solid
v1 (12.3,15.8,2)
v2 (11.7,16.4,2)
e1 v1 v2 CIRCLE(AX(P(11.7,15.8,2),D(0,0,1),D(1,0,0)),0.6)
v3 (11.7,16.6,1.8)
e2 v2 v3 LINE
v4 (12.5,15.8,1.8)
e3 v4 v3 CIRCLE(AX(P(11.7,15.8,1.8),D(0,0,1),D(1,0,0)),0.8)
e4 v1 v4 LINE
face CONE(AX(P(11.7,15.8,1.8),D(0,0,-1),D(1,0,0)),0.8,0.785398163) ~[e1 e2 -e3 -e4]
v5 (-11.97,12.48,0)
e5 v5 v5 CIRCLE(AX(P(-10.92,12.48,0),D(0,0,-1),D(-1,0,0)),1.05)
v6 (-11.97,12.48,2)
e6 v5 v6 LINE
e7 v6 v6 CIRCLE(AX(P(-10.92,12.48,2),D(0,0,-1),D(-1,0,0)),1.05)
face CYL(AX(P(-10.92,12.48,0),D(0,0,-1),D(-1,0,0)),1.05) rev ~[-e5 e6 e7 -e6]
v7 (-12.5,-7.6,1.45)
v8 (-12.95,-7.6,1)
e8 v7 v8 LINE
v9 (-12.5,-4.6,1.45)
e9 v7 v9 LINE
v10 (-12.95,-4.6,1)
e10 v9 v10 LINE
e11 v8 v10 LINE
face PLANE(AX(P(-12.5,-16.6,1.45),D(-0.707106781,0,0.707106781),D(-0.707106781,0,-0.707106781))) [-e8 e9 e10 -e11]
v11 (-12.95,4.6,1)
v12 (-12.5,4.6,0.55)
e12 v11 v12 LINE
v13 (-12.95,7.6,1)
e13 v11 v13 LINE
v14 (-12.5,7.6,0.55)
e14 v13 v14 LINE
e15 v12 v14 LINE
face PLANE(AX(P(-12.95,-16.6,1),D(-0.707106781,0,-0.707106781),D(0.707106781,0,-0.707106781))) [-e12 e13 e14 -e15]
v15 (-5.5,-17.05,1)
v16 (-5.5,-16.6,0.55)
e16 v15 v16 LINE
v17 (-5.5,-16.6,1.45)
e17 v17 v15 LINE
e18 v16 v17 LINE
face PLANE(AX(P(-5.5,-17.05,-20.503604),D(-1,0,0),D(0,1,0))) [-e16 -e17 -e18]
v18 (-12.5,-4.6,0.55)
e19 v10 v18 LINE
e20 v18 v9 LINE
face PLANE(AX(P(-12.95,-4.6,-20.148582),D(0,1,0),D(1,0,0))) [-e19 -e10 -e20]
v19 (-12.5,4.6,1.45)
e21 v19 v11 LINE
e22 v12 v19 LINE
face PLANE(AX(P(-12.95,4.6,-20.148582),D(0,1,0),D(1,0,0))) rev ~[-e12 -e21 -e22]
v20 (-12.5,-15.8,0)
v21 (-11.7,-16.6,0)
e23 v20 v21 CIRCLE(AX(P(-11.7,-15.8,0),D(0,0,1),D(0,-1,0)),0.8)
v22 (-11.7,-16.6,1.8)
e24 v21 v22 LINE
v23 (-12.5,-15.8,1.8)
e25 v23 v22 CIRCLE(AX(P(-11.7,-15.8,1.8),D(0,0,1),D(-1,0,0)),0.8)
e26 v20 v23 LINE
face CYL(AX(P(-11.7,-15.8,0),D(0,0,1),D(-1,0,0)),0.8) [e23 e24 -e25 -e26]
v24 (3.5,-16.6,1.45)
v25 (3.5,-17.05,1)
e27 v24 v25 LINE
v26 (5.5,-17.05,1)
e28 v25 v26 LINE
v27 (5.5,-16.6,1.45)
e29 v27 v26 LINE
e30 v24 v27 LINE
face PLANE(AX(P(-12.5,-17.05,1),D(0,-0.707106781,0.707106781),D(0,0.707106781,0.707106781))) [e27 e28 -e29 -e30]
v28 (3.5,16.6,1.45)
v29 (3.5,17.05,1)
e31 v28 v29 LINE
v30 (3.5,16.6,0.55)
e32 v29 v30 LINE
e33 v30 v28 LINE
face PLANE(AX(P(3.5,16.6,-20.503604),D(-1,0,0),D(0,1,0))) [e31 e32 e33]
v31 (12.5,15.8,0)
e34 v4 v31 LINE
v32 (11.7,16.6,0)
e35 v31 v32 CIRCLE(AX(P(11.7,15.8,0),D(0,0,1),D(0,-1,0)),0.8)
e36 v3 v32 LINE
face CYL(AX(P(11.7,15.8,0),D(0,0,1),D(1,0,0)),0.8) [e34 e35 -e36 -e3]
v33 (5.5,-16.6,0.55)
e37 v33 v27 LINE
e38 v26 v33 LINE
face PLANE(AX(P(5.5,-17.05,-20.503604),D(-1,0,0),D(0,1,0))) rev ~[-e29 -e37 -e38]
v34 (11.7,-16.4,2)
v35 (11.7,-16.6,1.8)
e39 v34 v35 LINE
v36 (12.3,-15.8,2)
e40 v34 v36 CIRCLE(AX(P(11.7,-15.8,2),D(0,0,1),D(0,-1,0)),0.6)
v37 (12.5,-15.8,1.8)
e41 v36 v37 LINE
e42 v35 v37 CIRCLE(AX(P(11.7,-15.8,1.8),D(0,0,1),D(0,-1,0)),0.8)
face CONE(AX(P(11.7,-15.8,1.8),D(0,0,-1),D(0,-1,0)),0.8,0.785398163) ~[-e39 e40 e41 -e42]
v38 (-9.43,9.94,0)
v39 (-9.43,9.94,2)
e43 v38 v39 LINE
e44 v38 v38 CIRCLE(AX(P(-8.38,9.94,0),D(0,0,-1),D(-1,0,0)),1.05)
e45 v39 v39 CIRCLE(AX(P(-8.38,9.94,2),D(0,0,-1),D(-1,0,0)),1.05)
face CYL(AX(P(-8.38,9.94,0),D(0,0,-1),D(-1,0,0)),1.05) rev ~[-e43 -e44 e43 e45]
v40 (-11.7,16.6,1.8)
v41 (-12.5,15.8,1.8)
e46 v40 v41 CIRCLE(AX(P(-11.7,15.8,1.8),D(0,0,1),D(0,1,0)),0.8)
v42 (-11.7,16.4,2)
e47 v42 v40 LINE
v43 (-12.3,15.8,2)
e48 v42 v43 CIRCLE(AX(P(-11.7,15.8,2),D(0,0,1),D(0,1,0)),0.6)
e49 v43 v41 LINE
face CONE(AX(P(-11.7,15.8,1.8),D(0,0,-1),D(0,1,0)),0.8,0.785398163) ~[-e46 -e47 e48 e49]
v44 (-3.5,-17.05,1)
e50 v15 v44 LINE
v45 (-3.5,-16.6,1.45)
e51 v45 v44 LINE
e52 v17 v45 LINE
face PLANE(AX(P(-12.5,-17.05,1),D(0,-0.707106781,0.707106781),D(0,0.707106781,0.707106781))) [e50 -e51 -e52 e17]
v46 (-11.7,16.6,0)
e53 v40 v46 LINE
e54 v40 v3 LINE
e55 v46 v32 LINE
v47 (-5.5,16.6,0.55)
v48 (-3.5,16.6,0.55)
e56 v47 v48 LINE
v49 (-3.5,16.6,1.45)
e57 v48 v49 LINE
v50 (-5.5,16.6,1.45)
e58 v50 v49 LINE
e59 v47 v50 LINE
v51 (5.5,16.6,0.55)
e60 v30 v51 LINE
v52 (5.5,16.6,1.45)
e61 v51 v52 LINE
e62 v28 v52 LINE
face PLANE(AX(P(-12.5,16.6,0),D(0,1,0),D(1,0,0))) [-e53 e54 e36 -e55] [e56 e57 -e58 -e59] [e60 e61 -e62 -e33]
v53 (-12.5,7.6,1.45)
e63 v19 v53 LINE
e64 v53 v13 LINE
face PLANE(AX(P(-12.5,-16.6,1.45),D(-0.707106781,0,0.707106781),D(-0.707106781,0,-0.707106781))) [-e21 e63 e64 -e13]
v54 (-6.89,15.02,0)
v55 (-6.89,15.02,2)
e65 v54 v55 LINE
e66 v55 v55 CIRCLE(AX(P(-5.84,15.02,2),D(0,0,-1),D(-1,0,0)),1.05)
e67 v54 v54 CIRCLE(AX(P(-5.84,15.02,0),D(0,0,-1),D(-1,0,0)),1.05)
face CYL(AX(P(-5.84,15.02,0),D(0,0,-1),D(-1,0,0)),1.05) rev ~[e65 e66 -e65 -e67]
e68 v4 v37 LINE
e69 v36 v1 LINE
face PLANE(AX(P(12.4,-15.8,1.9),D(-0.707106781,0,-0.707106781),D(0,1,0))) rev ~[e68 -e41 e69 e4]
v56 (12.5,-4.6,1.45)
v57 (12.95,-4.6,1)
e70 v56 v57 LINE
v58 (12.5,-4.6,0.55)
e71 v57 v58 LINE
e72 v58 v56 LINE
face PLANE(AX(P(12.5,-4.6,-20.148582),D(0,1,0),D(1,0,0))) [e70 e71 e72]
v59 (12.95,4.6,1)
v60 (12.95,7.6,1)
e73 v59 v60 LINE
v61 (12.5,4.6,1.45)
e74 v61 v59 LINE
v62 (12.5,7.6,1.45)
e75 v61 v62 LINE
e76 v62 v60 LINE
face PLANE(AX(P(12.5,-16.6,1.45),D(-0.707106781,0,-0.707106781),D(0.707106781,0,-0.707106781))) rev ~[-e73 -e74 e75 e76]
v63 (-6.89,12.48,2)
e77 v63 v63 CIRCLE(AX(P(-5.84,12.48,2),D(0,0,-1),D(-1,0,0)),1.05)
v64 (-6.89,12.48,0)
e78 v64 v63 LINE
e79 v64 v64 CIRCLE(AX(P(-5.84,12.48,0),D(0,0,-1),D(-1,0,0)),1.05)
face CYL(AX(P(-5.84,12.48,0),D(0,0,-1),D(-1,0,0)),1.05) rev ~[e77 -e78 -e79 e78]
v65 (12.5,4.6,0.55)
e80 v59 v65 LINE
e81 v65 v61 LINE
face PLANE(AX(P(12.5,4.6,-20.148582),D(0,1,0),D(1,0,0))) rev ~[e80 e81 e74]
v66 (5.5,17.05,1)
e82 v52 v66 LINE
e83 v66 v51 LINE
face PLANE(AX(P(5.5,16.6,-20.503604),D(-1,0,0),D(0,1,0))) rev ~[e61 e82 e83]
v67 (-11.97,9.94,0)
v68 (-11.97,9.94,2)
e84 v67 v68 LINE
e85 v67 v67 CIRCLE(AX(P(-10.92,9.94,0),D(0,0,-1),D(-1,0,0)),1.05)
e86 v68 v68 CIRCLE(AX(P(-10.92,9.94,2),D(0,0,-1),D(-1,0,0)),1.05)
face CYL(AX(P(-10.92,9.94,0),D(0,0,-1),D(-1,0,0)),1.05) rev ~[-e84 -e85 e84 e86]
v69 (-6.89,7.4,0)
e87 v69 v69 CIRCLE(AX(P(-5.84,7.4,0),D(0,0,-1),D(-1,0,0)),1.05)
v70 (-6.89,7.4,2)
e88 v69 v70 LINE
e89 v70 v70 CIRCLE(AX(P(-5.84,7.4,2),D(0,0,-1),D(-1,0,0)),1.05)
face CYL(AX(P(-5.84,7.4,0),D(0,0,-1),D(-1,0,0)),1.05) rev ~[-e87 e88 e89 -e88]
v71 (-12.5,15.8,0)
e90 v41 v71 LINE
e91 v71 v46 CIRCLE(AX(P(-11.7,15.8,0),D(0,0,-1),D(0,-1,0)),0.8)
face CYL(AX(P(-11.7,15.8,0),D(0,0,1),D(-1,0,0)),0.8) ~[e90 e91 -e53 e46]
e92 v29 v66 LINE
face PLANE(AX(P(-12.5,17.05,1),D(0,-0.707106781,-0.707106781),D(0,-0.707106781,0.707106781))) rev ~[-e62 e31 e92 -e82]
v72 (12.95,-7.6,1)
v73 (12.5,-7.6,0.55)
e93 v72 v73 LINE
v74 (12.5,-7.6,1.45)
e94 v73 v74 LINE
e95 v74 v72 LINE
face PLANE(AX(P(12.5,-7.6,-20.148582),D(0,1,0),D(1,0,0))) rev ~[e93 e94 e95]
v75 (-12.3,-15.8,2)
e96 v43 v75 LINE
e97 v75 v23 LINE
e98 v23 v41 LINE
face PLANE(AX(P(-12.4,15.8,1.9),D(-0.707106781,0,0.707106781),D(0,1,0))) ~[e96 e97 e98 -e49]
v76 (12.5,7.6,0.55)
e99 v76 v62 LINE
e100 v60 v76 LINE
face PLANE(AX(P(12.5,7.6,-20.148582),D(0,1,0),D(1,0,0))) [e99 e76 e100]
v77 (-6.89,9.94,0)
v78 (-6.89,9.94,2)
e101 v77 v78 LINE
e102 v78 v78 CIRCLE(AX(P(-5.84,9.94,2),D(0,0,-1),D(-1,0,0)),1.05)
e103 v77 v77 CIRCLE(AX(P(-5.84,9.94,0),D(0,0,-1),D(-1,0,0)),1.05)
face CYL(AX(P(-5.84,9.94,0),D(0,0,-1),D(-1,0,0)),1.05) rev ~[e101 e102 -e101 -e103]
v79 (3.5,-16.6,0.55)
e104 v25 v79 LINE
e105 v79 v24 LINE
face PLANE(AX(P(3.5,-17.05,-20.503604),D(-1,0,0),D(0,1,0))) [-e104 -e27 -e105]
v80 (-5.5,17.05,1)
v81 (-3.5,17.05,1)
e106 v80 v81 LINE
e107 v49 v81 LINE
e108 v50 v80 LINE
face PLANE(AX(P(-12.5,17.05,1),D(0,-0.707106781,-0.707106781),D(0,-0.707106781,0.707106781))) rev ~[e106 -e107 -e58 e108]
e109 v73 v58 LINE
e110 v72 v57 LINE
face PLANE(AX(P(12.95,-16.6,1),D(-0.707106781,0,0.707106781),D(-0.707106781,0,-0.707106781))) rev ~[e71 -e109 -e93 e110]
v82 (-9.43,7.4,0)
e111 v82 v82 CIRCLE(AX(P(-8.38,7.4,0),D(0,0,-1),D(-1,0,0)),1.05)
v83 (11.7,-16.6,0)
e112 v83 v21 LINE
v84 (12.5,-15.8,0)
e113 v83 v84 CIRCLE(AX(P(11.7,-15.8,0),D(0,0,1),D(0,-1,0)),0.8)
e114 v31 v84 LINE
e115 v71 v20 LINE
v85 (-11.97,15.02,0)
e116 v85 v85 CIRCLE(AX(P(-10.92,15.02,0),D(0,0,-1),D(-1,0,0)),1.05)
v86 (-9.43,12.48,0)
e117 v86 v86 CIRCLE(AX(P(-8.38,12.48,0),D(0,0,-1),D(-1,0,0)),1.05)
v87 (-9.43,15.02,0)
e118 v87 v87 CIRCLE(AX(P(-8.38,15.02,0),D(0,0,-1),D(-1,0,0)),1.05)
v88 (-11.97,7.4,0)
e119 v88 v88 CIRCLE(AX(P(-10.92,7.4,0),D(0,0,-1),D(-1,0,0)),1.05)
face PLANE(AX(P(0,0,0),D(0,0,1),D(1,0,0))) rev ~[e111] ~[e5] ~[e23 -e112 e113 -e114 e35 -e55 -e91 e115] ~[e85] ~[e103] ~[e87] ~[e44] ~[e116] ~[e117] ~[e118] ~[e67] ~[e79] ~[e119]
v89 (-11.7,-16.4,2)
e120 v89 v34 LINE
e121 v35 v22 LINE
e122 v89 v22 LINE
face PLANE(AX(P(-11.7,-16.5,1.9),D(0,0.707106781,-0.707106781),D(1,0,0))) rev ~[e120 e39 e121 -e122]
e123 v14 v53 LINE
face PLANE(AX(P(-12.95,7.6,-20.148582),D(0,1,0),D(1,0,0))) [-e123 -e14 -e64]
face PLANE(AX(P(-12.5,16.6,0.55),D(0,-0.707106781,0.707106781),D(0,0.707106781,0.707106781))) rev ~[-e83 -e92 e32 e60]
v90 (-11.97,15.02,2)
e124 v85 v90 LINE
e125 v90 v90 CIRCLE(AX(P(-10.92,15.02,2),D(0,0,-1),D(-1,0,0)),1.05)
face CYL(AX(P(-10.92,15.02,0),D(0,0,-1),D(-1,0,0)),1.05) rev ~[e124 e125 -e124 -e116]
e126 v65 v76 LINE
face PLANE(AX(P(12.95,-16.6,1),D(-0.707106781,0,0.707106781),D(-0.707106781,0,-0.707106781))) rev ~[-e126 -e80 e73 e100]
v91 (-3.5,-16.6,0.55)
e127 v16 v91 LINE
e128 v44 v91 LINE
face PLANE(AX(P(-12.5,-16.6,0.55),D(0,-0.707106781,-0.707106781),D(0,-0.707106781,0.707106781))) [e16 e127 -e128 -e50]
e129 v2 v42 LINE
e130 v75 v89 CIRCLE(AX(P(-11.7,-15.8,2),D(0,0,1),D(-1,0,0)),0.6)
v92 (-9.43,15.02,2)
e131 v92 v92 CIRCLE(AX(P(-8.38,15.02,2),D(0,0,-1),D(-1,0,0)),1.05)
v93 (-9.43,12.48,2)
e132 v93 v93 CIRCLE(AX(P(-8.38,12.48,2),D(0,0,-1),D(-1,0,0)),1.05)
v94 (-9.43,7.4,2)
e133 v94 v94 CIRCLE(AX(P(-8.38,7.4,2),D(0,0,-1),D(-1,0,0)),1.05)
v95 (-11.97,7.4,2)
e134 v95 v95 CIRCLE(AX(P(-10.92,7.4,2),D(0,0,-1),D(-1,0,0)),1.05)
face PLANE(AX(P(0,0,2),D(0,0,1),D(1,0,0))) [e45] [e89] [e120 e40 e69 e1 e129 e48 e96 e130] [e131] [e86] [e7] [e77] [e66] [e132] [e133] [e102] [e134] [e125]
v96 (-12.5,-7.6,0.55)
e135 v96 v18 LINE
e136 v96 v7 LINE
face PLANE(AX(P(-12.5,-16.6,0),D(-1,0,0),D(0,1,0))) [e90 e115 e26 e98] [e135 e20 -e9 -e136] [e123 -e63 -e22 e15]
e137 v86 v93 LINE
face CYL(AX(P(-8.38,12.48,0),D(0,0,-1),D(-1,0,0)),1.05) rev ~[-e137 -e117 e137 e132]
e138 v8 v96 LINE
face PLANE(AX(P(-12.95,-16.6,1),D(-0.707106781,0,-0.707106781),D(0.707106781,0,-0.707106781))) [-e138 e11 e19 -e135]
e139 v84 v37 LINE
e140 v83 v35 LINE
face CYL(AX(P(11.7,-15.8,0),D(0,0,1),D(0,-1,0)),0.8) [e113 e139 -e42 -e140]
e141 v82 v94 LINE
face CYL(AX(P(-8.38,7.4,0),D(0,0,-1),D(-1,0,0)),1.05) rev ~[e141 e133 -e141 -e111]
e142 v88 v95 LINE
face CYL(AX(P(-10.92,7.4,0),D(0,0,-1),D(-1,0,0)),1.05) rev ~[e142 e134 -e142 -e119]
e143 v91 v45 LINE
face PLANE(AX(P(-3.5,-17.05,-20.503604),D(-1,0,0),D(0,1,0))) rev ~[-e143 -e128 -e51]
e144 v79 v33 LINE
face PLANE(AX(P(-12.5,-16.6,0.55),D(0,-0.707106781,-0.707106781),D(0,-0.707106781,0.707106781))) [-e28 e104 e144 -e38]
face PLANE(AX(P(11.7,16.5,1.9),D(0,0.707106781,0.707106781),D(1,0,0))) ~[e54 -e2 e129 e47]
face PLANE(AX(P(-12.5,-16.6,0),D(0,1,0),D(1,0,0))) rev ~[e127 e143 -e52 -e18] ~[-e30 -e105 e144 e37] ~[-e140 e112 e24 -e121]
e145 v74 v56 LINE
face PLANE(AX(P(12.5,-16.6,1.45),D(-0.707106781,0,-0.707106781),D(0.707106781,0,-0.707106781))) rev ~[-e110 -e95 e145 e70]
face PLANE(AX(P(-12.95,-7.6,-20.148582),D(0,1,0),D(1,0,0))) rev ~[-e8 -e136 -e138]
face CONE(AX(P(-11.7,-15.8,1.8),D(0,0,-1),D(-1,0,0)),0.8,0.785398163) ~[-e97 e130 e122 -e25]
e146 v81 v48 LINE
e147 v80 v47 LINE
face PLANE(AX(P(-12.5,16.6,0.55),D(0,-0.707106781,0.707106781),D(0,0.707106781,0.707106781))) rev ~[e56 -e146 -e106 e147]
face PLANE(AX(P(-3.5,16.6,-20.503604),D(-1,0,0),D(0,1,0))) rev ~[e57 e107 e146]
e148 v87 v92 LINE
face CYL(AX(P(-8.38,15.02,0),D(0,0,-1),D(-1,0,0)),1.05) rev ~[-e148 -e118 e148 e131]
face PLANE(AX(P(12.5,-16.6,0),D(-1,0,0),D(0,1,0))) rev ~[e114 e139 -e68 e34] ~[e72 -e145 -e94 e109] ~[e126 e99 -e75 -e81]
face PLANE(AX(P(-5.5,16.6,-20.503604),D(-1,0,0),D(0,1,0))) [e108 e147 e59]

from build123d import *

# Parameters (mm, degrees)
SKETCH_1_W               = 25
SKETCH_1_H               = 33.2
EXTRUDE_1_DEPTH          = 2
FILLET_1_R               = 0.8
CHAMFER_1_SIZE           = 0.2
SKETCH_3_R               = 1.05
CUT_EXTRUDE_2_DEPTH      = 21.876062847
EXTRUDE_2_REACH          = 37.532
CUT_EXTRUDE_3_DEPTH      = 22.148581513
CUT_EXTRUDE_3_DEPTH_BACK = 22.148581513
SKETCH_5_W               = 0.45
SKETCH_5_H               = 9
SKETCH_5_H_2             = 9.2
EXTRUDE_START            = -25
EXTRUDE_3_DEPTH          = 25
CUT_EXTRUDE_4_DEPTH      = 22.503604349
CUT_EXTRUDE_4_DEPTH_BACK = 22.503604349
SKETCH_7_W               = 7
SKETCH_7_H               = 0.45


with BuildPart() as part:
    # 草图1 → 凸台-拉伸1 (new body)
    with BuildSketch(Plane.XY):
        Rectangle(SKETCH_1_W, SKETCH_1_H)
    extrude(amount=EXTRUDE_1_DEPTH)

    # 圆角1
    fillet_1_edges = [part.edges().sort_by_distance(p)[0] for p in [
        (-12.5, 16.6, 1),
        (12.5, 16.6, 1),
        (12.5, -16.6, 1),
        (-12.5, -16.6, 1),
    ]]
    fillet(fillet_1_edges, radius=FILLET_1_R)

    # 倒角1
    chamfer_1_edges = [part.edges().sort_by_distance(p)[0] for p in [
        (12.5, 0, 2),
        (0, -16.6, 2),
        (-12.5, 0, 2),
        (0, 16.6, 2),
        (12.265685425, 16.365685425, 2),
        (-12.265685425, 16.365685425, 2),
        (-12.265685425, -16.365685425, 2),
        (12.265685425, -16.365685425, 2),
    ]]
    chamfer(chamfer_1_edges, length=CHAMFER_1_SIZE)

    # 草图3 → 切除-拉伸2 (cut, through all)
    with BuildSketch(Plane(origin=(0, 0, 0), x_dir=(-1, 0, 0), z_dir=(0, 0, -1))):
        with Locations((10.92, 15.02)):
            Circle(SKETCH_3_R)
        with Locations((8.38, 15.02)):
            Circle(SKETCH_3_R)
        with Locations((5.84, 15.02)):
            Circle(SKETCH_3_R)
        with Locations((8.38, 12.48)):
            Circle(SKETCH_3_R)
        with Locations((5.84, 12.48)):
            Circle(SKETCH_3_R)
        with Locations((8.38, 9.94)):
            Circle(SKETCH_3_R)
        with Locations((5.84, 9.94)):
            Circle(SKETCH_3_R)
        with Locations((8.38, 7.4)):
            Circle(SKETCH_3_R)
        with Locations((5.84, 7.4)):
            Circle(SKETCH_3_R)
        with Locations((10.92, 12.48)):
            Circle(SKETCH_3_R)
        with Locations((10.92, 9.94)):
            Circle(SKETCH_3_R)
        with Locations((10.92, 7.4)):
            Circle(SKETCH_3_R)
    extrude(amount=-CUT_EXTRUDE_2_DEPTH, mode=Mode.SUBTRACT)

    # 凸台-拉伸2: up to this face of the body (flat: up to its plane)
    extrude_2_end = Plane(part.part.faces().sort_by_distance((0, 16.6, 0.9))[0])
    # 草图4 → 凸台-拉伸2 (add, up to the picked face)
    with BuildSketch(Plane.XZ.offset(16.6), mode=Mode.PRIVATE) as extrude_2_sk1:
        Polygon((12.5, 1.45), (12.95, 1), (12.5, 0.55), align=None)
    extrude_2_tool1 = split(extrude(extrude_2_sk1.sketch, amount=-EXTRUDE_2_REACH, mode=Mode.PRIVATE), bisect_by=extrude_2_end, keep=Keep.BOTH, mode=Mode.PRIVATE)
    # 草图4 → 凸台-拉伸2 (add, up to the picked face)
    with BuildSketch(Plane.XZ.offset(16.6), mode=Mode.PRIVATE) as extrude_2_sk2:
        Polygon((-12.5, 1.45), (-12.95, 1), (-12.5, 0.55), align=None)
    extrude_2_tool2 = split(extrude(extrude_2_sk2.sketch, amount=-EXTRUDE_2_REACH, mode=Mode.PRIVATE), bisect_by=extrude_2_end, keep=Keep.BOTH, mode=Mode.PRIVATE)
    add(extrude_2_tool1.solids().sort_by(Axis((12.65, -16.6, 1), (0, 1, 0)))[0])
    add(extrude_2_tool2.solids().sort_by(Axis((-12.65, -16.6, 1), (0, 1, 0)))[0])

    # 草图5 → 切除-拉伸3 (cut, two sides: drawn at the far end of the back side and taken through both)
    with BuildSketch(Plane.XY.offset(2).offset(-CUT_EXTRUDE_3_DEPTH_BACK)):
        with Locations((-12.725, 12.1)):
            Rectangle(SKETCH_5_W, SKETCH_5_H)
        with Locations((-12.725, 0)):
            Rectangle(SKETCH_5_W, SKETCH_5_H_2)
        with Locations((-12.725, -12.1)):
            Rectangle(SKETCH_5_W, SKETCH_5_H)
        with Locations((12.725, -12.1)):
            Rectangle(SKETCH_5_W, SKETCH_5_H)
        with Locations((12.725, 0)):
            Rectangle(SKETCH_5_W, SKETCH_5_H_2)
        with Locations((12.725, 12.1)):
            Rectangle(SKETCH_5_W, SKETCH_5_H)
    extrude(amount=CUT_EXTRUDE_3_DEPTH + CUT_EXTRUDE_3_DEPTH_BACK, mode=Mode.SUBTRACT)

    # 草图6 → 凸台-拉伸3 (add)
    with BuildSketch(Plane(origin=(12.5, 0, 0), x_dir=(0, 0, -1), z_dir=(1, 0, 0)).offset(EXTRUDE_START)):
        Polygon((-1.45, 16.6), (-0.55, 16.6), (-1, 17.05), align=None)
        Polygon((-0.55, -16.6), (-1, -17.05), (-1.45, -16.6), align=None)
    extrude(amount=EXTRUDE_3_DEPTH)

    # 草图7 → 切除-拉伸4 (cut, two sides: drawn at the far end of the back side and taken through both)
    with BuildSketch(Plane.XY.offset(2).offset(-CUT_EXTRUDE_4_DEPTH_BACK)):
        with Locations((-9, 16.825)):
            Rectangle(SKETCH_7_W, SKETCH_7_H)
        with Locations((0, 16.825)):
            Rectangle(SKETCH_7_W, SKETCH_7_H)
        with Locations((9, -16.825)):
            Rectangle(SKETCH_7_W, SKETCH_7_H)
        with Locations((9, 16.825)):
            Rectangle(SKETCH_7_W, SKETCH_7_H)
        with Locations((0, -16.825)):
            Rectangle(SKETCH_7_W, SKETCH_7_H)
        with Locations((-9, -16.825)):
            Rectangle(SKETCH_7_W, SKETCH_7_H)
    extrude(amount=CUT_EXTRUDE_4_DEPTH + CUT_EXTRUDE_4_DEPTH_BACK, mode=Mode.SUBTRACT)


solid = part.part
